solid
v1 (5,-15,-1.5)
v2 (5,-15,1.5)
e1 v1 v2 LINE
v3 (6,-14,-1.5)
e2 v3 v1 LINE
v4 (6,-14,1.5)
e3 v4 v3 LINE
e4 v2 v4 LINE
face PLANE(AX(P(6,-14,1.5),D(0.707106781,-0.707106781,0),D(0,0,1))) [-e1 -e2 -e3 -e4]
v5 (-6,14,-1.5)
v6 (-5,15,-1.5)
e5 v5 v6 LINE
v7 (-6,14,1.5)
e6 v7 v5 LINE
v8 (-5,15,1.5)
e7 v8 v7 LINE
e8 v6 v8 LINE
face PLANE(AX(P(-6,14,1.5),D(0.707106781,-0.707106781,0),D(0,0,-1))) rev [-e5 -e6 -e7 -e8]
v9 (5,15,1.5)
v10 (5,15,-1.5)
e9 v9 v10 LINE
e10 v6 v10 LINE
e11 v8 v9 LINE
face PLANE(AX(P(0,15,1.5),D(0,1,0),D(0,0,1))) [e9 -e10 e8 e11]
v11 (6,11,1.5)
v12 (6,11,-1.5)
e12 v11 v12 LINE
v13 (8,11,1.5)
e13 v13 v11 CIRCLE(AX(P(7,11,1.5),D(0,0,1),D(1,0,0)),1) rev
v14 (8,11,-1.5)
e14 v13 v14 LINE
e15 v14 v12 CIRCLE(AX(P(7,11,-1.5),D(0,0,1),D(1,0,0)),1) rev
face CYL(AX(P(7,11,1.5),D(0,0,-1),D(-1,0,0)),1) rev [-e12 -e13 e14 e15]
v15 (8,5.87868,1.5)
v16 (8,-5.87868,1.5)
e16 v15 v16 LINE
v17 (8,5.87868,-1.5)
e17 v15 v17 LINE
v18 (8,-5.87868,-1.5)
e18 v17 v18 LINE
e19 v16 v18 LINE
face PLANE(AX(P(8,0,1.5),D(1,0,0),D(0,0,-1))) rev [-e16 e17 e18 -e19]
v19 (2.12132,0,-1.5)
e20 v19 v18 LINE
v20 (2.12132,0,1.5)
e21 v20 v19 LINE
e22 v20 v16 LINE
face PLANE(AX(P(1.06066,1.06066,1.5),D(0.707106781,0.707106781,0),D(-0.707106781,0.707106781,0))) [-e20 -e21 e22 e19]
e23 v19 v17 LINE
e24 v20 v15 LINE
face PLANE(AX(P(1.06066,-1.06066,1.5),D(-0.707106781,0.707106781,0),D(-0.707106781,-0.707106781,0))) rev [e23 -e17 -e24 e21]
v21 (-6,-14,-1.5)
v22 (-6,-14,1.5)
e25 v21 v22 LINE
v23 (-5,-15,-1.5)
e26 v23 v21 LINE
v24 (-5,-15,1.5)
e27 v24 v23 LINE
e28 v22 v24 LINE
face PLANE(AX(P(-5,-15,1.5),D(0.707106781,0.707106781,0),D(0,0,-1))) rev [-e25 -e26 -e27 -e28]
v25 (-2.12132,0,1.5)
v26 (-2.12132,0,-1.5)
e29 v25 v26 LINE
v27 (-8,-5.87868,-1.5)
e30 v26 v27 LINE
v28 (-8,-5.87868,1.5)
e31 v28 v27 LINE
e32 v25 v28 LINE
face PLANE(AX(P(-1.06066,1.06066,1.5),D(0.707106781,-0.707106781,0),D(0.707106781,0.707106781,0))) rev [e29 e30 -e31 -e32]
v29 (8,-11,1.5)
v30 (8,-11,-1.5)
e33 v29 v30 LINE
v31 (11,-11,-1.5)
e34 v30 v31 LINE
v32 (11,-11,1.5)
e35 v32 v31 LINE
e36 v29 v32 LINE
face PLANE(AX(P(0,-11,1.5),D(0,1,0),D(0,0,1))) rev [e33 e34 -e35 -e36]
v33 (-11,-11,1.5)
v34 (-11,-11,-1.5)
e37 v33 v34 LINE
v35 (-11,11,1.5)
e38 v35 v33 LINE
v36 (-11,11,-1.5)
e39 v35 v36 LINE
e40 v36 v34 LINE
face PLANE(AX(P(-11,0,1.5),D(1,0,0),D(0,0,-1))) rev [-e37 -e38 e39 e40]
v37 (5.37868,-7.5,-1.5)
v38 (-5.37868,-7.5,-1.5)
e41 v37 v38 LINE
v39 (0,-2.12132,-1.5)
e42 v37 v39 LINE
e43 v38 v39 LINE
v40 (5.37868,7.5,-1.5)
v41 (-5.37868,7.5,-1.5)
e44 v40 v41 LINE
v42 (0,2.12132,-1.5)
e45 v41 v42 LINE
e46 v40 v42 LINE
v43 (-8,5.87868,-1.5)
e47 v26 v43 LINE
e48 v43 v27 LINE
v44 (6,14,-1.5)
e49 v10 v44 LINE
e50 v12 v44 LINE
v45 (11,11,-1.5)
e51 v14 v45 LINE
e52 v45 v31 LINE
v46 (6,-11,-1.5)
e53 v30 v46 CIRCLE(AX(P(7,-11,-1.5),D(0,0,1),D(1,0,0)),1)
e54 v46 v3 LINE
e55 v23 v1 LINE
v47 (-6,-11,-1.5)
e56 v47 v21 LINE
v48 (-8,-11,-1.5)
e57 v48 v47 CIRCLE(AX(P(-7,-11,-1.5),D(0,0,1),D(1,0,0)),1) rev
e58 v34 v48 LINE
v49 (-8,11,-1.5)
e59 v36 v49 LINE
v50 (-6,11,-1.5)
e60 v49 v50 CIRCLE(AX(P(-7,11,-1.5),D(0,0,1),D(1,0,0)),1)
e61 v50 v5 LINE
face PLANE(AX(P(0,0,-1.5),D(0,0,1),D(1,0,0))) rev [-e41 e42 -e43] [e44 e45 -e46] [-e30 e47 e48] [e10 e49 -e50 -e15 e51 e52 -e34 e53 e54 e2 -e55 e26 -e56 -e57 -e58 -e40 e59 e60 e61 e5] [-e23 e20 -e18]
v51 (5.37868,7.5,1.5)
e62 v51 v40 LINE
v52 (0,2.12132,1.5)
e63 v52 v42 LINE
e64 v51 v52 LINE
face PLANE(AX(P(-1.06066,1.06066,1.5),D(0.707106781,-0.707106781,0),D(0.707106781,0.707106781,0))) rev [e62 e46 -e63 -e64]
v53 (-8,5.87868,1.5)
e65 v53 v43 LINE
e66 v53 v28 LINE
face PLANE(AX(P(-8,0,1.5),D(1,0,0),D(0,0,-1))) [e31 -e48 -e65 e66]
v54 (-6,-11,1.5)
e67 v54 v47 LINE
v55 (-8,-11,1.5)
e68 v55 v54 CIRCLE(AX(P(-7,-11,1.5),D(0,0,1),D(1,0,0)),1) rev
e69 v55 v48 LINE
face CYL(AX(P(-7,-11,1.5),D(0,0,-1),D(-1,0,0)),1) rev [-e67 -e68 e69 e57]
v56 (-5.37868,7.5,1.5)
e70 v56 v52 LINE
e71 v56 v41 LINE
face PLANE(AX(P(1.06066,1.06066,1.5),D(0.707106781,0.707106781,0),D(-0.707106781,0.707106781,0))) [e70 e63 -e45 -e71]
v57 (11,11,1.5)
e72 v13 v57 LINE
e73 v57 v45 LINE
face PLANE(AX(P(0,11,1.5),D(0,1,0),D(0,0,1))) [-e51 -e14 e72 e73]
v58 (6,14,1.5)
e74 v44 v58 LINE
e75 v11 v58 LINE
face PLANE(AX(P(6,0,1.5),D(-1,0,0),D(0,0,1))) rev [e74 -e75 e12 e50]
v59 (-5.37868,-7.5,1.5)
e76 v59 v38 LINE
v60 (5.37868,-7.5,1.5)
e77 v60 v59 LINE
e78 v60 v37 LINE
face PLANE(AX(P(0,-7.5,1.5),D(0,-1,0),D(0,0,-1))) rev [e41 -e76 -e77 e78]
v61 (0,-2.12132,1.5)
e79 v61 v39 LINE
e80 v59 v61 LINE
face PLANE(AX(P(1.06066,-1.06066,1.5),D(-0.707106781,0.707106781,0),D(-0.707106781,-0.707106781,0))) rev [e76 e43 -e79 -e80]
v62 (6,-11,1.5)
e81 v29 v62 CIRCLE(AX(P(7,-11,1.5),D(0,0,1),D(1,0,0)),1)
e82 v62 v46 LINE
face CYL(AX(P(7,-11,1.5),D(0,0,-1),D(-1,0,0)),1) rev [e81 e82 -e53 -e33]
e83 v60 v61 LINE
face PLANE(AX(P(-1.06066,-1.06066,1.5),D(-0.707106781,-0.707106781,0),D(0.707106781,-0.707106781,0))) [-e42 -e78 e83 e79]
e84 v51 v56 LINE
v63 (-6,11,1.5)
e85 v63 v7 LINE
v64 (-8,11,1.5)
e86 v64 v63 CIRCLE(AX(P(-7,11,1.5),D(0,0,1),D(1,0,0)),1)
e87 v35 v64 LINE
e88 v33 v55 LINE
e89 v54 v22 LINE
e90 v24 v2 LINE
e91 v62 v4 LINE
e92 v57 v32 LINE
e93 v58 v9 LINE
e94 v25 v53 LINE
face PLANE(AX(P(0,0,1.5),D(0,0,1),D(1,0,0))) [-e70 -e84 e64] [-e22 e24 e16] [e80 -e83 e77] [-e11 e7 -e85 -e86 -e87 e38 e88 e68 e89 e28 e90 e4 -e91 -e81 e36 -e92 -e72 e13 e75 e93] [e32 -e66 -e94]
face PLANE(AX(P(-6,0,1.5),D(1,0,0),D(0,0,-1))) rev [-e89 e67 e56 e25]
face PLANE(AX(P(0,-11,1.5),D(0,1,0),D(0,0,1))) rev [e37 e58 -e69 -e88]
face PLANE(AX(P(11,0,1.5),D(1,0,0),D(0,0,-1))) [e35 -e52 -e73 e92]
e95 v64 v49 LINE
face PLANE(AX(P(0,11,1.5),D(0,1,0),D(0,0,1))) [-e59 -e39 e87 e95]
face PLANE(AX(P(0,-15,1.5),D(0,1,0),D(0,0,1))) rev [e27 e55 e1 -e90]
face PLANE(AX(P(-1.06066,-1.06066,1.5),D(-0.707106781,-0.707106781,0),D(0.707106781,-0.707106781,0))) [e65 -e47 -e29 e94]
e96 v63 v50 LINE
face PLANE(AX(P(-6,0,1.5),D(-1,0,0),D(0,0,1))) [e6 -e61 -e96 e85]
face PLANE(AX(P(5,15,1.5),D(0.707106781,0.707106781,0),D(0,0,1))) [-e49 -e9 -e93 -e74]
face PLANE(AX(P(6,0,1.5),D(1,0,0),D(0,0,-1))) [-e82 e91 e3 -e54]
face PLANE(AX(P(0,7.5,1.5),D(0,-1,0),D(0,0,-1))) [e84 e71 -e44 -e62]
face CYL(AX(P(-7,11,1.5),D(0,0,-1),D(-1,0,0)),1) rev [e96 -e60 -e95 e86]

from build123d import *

# Parameters (mm, degrees)
EXTRUDE_1_DEPTH = 1.5
CHAMFER_1_SIZE  = 1


with BuildPart() as part:
    # 草图1 → 凸台-拉伸1 (new, symmetric)
    with BuildSketch(Plane.XY):
        with BuildLine():
            Line((-6, 15), (-6, 11))
            ThreePointArc((-6, 11), (-7, 10), (-8, 11))
            Line((-8, 11), (-11, 11))
            Line((-11, 11), (-11, -11))
            Line((-11, -11), (-8, -11))
            ThreePointArc((-8, -11), (-7, -10), (-6, -11))
            Line((-6, -11), (-6, -15))
            Line((-6, -15), (6, -15))
            Line((6, -15), (6, -11))
            ThreePointArc((6, -11), (7, -10), (8, -11))
            Line((8, -11), (11, -11))
            Line((11, -11), (11, 11))
            Line((11, 11), (8, 11))
            ThreePointArc((8, 11), (7, 10), (6, 11))
            Line((6, 11), (6, 15))
            Line((6, 15), (-6, 15))
        make_face()
        Polygon((5.378679656, 7.5), (0, 2.121320344), (-5.378679656, 7.5), align=None, mode=Mode.SUBTRACT)
        Polygon((0, -2.121320344), (5.378679656, -7.5), (-5.378679656, -7.5), align=None, mode=Mode.SUBTRACT)
        Polygon((-8, 5.878679656), (-2.121320344, 0), (-8, -5.878679656), align=None, mode=Mode.SUBTRACT)
        Polygon((8, -5.878679656), (2.121320344, 0), (8, 5.878679656), align=None, mode=Mode.SUBTRACT)
    extrude(amount=EXTRUDE_1_DEPTH, both=True)

    # 倒角1
    chamfer_1_edges = [part.edges().sort_by_distance(p)[0] for p in [
        (-6, 15, 0),
        (6, 15, 0),
        (6, -15, 0),
        (-6, -15, 0),
    ]]
    chamfer(chamfer_1_edges, length=CHAMFER_1_SIZE)


solid = part.part
